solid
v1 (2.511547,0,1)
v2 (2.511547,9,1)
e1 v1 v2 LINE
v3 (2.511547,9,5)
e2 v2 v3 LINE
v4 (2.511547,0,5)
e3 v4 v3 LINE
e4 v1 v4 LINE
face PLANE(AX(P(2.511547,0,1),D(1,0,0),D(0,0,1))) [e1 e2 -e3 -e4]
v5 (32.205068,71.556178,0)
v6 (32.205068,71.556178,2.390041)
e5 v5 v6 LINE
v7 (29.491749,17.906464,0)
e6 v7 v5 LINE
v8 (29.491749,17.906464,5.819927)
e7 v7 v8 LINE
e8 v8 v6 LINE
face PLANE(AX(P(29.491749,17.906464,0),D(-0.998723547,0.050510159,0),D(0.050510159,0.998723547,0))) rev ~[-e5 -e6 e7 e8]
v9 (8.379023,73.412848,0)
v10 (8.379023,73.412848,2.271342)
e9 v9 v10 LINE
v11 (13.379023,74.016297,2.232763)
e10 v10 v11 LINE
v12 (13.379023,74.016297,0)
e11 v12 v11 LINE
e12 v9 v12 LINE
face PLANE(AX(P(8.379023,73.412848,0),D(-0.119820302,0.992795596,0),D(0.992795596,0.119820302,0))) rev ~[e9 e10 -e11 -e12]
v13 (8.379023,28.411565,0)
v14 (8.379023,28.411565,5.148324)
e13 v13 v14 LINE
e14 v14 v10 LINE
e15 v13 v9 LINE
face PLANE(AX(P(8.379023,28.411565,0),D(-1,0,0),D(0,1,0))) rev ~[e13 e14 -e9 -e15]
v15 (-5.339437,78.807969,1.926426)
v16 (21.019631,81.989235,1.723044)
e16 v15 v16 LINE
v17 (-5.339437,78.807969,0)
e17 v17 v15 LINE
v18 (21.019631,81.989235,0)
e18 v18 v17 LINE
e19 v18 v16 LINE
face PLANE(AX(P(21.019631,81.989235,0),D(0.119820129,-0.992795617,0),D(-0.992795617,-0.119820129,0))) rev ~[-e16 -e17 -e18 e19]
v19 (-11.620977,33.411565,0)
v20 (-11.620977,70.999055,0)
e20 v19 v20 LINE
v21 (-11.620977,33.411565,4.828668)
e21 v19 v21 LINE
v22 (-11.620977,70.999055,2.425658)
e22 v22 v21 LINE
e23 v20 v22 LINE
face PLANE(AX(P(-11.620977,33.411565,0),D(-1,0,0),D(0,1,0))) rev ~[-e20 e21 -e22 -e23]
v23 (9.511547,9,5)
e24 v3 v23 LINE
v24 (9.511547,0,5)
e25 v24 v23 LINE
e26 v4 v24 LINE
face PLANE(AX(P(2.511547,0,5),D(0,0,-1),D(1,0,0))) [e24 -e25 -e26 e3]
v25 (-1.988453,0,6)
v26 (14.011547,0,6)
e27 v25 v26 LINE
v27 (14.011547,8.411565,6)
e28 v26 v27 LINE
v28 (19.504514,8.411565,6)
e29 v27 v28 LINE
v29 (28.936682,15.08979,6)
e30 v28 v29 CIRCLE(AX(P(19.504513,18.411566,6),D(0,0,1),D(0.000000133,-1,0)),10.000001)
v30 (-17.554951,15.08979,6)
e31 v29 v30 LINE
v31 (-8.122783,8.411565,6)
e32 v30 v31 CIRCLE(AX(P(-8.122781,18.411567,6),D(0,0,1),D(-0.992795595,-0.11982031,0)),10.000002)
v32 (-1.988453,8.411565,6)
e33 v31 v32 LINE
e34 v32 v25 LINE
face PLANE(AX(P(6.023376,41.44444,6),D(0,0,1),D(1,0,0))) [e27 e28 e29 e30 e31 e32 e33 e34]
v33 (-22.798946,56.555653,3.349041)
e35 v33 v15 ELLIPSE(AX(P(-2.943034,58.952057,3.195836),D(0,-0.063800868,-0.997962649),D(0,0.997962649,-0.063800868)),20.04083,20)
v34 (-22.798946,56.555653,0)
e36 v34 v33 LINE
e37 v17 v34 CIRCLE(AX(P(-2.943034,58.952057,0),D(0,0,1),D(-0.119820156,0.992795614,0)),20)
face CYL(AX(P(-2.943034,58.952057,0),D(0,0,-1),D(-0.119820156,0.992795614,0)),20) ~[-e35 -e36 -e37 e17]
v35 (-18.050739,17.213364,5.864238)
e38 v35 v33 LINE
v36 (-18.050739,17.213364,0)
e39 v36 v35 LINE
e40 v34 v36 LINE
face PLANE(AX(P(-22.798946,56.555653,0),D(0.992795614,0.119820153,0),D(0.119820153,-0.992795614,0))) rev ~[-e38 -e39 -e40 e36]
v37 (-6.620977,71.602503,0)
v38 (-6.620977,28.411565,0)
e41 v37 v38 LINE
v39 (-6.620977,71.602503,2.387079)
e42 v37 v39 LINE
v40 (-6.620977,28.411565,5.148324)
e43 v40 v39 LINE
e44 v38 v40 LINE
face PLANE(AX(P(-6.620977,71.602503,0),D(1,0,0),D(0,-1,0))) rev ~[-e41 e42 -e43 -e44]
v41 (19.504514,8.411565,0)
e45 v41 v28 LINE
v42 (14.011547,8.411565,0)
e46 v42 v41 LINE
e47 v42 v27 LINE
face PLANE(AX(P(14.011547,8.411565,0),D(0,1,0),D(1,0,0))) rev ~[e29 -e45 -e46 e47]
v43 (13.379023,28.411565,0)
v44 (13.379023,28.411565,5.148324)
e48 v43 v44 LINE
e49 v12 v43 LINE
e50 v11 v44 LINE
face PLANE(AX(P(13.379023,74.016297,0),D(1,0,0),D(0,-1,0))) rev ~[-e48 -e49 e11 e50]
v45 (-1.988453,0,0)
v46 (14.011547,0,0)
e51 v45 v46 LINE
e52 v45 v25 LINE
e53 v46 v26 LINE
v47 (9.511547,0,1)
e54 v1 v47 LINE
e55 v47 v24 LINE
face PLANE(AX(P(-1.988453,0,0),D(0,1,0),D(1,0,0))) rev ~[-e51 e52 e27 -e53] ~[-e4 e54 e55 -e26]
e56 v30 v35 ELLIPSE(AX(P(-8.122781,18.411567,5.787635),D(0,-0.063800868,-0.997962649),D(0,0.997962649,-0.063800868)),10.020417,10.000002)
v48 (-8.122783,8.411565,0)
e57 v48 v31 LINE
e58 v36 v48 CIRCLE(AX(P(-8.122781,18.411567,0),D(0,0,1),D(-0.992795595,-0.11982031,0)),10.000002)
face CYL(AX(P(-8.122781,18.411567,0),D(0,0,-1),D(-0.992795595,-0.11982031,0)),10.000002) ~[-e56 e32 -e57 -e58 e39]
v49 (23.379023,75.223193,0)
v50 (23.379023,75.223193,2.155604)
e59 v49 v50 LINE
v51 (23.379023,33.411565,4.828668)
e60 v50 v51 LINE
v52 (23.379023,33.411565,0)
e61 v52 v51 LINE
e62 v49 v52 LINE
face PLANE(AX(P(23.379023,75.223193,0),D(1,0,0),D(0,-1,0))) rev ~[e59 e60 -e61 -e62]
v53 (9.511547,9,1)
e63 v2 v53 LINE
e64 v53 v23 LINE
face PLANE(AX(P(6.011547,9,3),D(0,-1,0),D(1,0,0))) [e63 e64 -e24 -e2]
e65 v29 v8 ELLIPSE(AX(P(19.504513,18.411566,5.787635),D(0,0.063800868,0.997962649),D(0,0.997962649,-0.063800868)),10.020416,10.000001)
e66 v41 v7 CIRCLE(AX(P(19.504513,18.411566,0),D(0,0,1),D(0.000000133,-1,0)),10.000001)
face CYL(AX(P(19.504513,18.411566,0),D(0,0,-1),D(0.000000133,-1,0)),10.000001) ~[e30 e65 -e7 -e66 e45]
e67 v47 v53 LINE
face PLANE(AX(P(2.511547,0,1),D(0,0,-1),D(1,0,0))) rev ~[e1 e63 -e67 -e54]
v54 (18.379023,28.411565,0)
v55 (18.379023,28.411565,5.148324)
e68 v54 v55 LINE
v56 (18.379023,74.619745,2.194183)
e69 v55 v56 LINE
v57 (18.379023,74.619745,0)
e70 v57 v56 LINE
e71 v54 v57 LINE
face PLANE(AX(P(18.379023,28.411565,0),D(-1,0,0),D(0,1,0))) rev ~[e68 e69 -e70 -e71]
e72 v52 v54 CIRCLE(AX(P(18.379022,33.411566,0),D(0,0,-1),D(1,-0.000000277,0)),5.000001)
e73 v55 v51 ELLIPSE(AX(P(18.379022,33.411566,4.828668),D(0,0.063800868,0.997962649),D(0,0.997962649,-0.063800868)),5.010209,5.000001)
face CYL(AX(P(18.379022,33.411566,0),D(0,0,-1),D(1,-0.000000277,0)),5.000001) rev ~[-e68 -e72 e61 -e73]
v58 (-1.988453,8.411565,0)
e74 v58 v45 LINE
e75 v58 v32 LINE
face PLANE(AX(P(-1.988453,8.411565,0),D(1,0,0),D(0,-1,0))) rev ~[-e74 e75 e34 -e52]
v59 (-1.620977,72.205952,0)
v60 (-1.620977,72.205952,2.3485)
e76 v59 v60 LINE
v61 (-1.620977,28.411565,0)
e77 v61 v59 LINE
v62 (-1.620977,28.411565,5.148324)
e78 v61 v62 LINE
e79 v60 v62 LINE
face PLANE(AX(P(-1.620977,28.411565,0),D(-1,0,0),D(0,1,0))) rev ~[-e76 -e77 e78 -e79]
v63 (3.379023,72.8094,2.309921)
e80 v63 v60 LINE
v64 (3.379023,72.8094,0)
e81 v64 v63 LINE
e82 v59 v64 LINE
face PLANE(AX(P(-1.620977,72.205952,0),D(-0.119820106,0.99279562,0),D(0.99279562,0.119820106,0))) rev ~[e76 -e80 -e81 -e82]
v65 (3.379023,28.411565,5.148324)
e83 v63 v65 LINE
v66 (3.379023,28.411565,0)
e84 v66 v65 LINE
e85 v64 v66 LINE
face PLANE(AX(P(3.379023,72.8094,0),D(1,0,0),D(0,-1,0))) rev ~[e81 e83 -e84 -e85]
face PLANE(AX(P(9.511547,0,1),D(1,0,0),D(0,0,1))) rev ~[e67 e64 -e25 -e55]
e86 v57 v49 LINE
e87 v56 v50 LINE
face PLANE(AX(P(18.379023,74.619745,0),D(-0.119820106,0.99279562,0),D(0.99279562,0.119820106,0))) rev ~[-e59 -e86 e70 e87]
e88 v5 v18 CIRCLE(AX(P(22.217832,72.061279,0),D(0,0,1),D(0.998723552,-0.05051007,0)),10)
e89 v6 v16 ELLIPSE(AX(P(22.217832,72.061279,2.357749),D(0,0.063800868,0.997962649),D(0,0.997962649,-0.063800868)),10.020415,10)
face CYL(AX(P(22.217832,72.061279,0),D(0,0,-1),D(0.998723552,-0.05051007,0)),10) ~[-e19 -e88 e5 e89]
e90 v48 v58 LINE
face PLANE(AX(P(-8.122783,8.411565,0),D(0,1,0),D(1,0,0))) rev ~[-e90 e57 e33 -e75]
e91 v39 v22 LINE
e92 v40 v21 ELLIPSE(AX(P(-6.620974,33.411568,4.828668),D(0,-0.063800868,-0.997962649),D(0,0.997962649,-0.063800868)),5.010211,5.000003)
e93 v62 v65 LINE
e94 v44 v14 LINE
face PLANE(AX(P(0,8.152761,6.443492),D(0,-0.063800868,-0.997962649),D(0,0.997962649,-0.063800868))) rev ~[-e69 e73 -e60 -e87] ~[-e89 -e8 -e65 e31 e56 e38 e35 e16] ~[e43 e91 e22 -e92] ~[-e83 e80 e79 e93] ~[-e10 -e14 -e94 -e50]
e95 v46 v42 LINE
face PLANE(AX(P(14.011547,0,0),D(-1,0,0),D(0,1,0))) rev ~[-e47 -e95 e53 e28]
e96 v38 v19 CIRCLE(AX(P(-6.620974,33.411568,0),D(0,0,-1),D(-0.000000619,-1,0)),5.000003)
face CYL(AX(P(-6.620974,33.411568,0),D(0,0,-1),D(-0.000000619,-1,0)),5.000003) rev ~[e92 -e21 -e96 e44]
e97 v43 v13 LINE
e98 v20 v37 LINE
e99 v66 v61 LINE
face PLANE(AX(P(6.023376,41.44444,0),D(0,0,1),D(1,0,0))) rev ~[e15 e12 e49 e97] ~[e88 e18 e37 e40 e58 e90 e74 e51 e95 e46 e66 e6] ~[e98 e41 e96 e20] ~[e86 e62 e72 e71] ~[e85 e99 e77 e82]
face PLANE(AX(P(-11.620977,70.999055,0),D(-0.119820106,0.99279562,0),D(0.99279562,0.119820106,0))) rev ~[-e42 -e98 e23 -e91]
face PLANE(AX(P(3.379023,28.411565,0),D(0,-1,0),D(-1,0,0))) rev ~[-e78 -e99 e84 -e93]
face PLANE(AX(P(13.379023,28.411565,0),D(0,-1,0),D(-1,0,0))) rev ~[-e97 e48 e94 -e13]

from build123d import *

# Parameters (mm, degrees)
F1_DEPTH      = 6
F3_DEPTH      = 32.218832
F3_DEPTH_BACK = 22.944034
F4_W          = 7
F4_H          = 4
F5_DEPTH      = 9


with BuildPart() as f1:
    # F0 (on Top) → F1 (new body)
    with BuildSketch(Plane.XY):
        with BuildLine():
            Line((-1.988453, 8.411565), (-1.988453, 0))
            Line((-1.988453, 0), (14.011547, 0))
            Line((14.011547, 0), (14.011547, 8.411565))
            Line((14.011547, 8.411565), (19.504514, 8.411565))
            ThreePointArc((19.504514, 8.411565), (26.394687, 11.164117), (29.491749, 17.906464))
            Line((29.491749, 17.906464), (32.205068, 71.556178))
            ThreePointArc((32.205068, 71.556178), (29.038679, 79.374011), (21.019631, 81.989235))
            Line((21.019631, 81.989235), (-5.339437, 78.807969))
            ThreePointArc((-5.339437, 78.807969), (-18.677797, 71.297794), (-22.798946, 56.555653))
            Line((-22.798946, 56.555653), (-18.050739, 17.213364))
            ThreePointArc((-18.050739, 17.213364), (-14.75671, 10.928852), (-8.122783, 8.411565))
            Line((-8.122783, 8.411565), (-1.988453, 8.411565))
        make_face()
        with BuildLine():
            Line((-11.620977, 33.411565), (-11.620977, 70.999055))
            Line((-11.620977, 70.999055), (-6.620977, 71.602503))
            Line((-6.620977, 71.602503), (-6.620977, 28.411565))
            ThreePointArc((-6.620977, 28.411565), (-10.15651, 29.876032), (-11.620977, 33.411565))
        make_face(mode=Mode.SUBTRACT)
        Polygon((-1.620977, 28.411565), (-1.620977, 72.205952), (3.379023, 72.8094), (3.379023, 28.411565), align=None, mode=Mode.SUBTRACT)
        Polygon((8.379023, 73.412848), (13.379023, 74.016297), (13.379023, 28.411565), (8.379023, 28.411565), align=None, mode=Mode.SUBTRACT)
        with BuildLine():
            Line((23.379023, 75.223193), (23.379023, 33.411565))
            ThreePointArc((23.379023, 33.411565), (21.914557, 29.876032), (18.379023, 28.411565))
            Line((18.379023, 28.411565), (18.379023, 74.619745))
            Line((18.379023, 74.619745), (23.379023, 75.223193))
        make_face(mode=Mode.SUBTRACT)
    extrude(amount=F1_DEPTH)

    # F2 (on Right) → F3 (cut, two sides)
    with BuildSketch(Plane.YZ) as f3_sk:
        Polygon((82.888745, 7.075289), (8.152761, 6.443492), (82.888745, 1.665537), align=None)
    extrude(amount=F3_DEPTH, mode=Mode.SUBTRACT)
    extrude(f3_sk.sketch, amount=-F3_DEPTH_BACK, mode=Mode.SUBTRACT)

    # F4 (on face) → F5 (cut)
    with BuildSketch(Plane.XZ):
        with Locations((6.011547, 3)):
            Rectangle(F4_W, F4_H)
    extrude(amount=-F5_DEPTH, mode=Mode.SUBTRACT)


solid = f1.part
